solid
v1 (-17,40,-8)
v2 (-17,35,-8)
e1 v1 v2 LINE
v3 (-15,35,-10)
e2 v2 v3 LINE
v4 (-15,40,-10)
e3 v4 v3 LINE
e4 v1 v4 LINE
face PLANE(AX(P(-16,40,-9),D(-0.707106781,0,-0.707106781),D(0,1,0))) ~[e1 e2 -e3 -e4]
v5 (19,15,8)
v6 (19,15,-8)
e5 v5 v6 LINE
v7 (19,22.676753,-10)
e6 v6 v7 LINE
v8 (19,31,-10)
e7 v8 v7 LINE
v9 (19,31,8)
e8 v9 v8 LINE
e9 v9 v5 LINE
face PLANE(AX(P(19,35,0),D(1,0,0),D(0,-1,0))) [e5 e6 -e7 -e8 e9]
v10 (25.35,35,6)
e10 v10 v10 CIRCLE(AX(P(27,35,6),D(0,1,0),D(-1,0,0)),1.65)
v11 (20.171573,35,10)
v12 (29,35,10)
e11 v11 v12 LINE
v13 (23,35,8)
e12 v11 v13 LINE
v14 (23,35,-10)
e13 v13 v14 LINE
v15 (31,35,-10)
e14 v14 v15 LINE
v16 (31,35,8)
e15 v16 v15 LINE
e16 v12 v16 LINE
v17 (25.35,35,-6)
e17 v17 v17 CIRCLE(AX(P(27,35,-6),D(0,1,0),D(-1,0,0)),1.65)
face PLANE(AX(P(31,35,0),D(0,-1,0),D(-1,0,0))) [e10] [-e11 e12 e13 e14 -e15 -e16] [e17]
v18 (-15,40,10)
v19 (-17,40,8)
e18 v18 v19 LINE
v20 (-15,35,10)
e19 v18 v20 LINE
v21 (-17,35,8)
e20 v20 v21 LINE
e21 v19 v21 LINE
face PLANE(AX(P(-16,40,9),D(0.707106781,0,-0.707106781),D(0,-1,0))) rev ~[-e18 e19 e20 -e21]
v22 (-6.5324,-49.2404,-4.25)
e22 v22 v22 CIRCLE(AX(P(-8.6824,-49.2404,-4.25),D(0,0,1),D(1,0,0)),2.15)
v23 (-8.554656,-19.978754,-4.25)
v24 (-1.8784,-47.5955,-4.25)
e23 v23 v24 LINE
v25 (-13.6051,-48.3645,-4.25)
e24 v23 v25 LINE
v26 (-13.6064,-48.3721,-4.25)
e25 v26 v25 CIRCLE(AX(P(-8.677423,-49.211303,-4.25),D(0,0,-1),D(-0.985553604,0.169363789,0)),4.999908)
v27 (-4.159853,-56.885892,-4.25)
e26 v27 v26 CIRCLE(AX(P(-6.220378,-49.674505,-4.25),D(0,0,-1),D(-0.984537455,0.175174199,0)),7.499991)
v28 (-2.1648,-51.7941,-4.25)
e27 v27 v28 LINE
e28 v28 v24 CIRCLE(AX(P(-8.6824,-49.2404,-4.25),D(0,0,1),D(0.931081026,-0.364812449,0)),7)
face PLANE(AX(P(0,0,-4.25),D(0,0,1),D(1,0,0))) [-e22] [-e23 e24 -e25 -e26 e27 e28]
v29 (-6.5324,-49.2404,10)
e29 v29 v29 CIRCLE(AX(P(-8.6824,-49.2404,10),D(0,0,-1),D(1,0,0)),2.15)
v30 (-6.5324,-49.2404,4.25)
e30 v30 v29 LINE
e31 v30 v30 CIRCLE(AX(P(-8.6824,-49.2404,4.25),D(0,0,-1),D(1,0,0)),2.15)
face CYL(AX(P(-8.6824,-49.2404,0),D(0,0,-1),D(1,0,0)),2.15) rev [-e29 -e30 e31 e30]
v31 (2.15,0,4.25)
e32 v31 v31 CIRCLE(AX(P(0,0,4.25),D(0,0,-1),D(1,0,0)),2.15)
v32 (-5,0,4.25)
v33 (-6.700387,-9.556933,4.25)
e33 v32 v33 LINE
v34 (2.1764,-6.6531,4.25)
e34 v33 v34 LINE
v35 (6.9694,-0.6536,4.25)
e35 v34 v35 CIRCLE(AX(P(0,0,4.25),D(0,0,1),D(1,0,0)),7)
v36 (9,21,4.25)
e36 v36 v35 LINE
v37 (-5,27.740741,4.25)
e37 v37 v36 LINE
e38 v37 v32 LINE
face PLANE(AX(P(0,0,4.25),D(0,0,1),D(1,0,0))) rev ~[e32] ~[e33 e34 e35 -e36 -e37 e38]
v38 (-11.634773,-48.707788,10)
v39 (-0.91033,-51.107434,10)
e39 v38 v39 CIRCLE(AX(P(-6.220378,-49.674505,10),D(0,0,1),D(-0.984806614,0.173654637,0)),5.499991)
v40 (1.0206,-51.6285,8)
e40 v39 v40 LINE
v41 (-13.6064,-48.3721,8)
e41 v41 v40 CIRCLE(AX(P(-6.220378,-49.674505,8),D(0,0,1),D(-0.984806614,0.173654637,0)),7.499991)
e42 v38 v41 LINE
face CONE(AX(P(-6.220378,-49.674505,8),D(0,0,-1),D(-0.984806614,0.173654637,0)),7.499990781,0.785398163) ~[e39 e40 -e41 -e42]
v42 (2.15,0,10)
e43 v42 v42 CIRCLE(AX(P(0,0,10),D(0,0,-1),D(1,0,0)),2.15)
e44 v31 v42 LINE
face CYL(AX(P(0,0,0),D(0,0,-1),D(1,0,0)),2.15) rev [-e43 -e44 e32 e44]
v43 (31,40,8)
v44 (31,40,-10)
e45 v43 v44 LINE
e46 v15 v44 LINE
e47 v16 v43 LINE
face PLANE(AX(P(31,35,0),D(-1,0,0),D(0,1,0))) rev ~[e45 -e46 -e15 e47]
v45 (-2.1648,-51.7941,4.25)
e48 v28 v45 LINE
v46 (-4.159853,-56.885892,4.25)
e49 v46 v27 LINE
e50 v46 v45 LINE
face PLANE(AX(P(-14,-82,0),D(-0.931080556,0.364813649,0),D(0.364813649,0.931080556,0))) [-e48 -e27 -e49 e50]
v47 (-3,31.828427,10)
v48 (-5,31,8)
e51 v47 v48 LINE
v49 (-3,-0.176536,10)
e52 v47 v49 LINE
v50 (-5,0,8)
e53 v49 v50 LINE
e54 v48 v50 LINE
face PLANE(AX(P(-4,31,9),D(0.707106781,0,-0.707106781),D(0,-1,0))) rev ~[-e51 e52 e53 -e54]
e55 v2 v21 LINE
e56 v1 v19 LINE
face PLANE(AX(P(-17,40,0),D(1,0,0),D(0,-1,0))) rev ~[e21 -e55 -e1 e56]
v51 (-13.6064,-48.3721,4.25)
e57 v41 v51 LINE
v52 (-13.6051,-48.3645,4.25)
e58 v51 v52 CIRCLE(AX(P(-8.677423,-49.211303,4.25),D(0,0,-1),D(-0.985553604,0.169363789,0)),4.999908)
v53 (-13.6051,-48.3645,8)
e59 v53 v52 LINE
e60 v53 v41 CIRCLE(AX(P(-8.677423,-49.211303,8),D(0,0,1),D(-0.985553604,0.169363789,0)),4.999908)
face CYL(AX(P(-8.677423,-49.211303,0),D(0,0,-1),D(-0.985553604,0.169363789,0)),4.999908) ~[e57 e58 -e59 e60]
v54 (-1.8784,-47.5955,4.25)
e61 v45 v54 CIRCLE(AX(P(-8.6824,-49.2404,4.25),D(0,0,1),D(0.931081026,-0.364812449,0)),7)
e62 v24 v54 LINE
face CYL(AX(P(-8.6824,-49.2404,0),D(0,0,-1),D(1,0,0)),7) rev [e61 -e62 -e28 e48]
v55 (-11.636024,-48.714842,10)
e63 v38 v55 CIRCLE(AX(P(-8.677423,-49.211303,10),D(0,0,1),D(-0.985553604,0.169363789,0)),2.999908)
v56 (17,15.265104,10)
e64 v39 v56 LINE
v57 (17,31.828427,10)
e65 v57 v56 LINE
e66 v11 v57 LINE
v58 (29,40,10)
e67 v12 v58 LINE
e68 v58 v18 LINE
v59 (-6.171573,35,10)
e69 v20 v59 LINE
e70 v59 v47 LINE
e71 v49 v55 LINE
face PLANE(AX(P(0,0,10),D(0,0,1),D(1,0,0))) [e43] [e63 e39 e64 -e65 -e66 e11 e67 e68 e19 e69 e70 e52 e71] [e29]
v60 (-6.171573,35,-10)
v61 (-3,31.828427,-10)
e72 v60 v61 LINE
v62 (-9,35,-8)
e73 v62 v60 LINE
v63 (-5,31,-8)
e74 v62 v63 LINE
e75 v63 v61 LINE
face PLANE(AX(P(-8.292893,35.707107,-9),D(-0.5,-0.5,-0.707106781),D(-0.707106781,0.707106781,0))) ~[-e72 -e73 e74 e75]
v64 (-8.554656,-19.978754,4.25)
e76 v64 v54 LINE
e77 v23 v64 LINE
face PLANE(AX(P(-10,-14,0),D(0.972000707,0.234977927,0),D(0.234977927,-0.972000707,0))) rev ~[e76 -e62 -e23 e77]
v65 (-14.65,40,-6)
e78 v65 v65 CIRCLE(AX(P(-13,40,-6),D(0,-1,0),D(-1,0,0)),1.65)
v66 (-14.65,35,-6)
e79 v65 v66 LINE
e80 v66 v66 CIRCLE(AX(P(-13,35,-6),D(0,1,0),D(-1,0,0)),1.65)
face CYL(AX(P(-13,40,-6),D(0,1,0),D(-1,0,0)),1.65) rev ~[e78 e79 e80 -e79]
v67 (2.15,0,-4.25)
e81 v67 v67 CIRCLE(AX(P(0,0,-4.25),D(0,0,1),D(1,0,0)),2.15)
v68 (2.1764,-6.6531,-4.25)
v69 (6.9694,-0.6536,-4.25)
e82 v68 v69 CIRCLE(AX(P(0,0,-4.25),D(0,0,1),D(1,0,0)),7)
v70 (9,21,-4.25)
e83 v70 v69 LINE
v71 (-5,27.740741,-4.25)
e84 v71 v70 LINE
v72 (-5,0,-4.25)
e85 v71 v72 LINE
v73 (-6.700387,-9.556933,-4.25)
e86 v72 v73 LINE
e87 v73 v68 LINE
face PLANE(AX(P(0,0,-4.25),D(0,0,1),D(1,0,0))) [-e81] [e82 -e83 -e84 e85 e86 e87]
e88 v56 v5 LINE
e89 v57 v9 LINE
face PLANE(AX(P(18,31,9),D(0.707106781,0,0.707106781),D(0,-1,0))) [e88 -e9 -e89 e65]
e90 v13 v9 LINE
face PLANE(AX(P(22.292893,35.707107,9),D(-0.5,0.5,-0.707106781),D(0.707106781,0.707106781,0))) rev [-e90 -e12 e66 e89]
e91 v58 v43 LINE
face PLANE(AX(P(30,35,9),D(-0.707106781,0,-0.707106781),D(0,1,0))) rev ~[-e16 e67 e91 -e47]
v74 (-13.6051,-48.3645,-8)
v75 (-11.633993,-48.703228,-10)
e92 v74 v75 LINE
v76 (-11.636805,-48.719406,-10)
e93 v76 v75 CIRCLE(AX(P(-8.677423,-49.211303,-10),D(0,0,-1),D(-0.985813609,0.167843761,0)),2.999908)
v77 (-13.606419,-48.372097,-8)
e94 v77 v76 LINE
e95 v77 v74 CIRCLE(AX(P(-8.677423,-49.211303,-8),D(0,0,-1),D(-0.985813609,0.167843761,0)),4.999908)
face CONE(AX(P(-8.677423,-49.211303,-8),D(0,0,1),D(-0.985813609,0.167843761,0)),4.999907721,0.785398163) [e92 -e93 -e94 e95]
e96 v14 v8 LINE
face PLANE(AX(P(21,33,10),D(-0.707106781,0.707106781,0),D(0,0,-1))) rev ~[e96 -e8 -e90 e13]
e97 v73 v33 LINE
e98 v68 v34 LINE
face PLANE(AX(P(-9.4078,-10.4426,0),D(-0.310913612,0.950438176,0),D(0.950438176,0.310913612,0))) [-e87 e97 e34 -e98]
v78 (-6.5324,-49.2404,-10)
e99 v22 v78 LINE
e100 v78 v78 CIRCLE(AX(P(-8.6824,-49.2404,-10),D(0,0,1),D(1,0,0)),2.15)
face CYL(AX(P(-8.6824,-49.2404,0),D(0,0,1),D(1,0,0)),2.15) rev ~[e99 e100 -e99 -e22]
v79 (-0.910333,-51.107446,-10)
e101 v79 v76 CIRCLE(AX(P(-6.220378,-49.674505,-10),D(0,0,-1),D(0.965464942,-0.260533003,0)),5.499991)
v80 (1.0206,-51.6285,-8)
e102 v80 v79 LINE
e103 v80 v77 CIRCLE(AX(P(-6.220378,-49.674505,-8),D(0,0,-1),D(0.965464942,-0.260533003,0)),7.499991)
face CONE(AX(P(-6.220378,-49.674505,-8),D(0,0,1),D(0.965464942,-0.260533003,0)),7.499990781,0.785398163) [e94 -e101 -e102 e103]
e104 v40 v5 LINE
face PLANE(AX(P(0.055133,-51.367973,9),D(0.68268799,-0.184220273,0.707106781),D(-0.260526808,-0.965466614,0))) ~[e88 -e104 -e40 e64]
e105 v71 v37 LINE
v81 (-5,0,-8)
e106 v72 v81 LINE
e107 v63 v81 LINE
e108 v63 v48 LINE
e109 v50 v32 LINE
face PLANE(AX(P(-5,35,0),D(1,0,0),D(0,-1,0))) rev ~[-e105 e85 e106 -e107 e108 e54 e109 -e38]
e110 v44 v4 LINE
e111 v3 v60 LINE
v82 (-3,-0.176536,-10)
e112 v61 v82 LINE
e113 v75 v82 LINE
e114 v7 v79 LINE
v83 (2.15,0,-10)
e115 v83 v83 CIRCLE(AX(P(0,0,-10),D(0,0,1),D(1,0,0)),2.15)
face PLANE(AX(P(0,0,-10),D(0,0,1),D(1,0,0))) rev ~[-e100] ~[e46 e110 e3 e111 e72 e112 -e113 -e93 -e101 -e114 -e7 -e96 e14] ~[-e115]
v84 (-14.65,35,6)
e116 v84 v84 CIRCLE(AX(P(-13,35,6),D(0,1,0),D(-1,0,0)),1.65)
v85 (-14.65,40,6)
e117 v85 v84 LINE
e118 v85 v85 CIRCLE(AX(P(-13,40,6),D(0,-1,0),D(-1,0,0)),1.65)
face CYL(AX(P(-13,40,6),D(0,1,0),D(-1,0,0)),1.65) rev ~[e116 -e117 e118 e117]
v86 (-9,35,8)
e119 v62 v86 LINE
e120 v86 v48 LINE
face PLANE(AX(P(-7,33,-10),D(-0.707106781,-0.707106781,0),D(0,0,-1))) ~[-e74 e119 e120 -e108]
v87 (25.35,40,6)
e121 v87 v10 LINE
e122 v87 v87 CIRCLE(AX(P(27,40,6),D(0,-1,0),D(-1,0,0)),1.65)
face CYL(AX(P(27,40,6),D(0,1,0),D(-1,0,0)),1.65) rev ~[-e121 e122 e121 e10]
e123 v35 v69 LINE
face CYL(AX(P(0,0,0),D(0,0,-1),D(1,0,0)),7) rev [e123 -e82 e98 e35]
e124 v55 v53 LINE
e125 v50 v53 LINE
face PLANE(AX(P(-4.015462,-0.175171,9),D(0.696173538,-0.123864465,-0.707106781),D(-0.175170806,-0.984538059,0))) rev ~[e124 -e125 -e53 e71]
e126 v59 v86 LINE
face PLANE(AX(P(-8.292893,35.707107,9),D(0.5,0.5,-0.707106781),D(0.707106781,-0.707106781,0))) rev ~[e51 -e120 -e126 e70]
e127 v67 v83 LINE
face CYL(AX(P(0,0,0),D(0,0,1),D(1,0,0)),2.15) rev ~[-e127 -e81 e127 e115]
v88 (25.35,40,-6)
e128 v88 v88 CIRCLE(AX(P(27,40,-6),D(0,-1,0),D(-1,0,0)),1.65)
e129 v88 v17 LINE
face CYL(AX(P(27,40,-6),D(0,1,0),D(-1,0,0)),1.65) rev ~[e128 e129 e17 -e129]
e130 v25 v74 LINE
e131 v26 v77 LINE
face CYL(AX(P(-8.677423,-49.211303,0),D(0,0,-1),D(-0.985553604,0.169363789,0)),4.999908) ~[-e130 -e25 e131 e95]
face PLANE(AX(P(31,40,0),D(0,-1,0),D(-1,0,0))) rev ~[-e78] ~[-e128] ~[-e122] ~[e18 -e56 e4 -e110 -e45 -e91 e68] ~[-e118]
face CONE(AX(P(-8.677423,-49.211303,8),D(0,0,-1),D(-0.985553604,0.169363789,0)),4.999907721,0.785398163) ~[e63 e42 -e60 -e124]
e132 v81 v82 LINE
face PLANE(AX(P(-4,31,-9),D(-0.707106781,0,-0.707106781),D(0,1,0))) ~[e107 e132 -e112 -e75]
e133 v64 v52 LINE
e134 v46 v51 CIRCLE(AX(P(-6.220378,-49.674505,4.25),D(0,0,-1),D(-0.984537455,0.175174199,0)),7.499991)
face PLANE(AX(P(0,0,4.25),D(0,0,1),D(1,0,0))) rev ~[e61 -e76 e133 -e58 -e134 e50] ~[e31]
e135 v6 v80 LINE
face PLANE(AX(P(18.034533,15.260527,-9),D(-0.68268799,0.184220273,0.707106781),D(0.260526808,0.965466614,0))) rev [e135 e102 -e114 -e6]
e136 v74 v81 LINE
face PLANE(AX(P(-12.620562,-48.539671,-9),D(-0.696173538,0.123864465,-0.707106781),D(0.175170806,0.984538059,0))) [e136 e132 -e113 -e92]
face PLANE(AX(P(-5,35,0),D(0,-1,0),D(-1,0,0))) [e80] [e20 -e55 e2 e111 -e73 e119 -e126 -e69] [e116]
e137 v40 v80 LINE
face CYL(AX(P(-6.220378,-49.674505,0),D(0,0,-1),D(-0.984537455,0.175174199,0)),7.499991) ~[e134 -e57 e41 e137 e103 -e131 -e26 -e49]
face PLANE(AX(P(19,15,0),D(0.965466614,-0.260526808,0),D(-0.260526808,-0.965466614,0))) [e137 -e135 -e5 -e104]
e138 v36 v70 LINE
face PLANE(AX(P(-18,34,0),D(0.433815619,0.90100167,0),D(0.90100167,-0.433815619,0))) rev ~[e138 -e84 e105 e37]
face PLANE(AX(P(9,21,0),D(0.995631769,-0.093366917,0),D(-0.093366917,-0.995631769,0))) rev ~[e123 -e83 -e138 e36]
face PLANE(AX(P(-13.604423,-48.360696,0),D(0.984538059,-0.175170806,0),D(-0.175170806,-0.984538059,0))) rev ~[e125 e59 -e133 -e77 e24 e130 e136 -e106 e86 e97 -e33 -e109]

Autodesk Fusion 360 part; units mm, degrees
sketch "Sketch1" plane through (0, 0, 0) normal (0, 0, 1) x (1, 0, 0)
  line L0 (-17, 40) -> (-17, 35)
  line L1 (-5, 0) -> (-13.6051, -48.3645)
  line L2 (-5, 35) -> (-17, 35)
  line L3 (-6.5651, -49.6137) -> (-6.2204, -49.6745)
  circle A0 centre (0, 0) radius 2.15
  line L4 (23, 35) -> (19, 35)
  circle A1 centre (-8.6824, -49.2404) radius 2.15
  line L5 (19, 15) -> (1.0206, -51.6285)
  line L6 (9.1345, 0) -> (2.15, 0)
  line L7 (31, 40) -> (-17, 40)
  line L8 (19, 35) -> (19, 15)
  line L9 (31, 35) -> (31, 40)
  line L10 (5, 35) -> (-5, 35)
  line L11 (31, 35) -> (19, 35)
  line L12 (-5, 35) -> (-5, 0)
  arc A2 (-13.6051, -48.3645) -> (-13.6064, -48.3721) centre (-8.6824, -49.2404) ccw
  arc A3 (-13.6044, -48.3607) -> (1.0206, -51.6285) centre (-6.2204, -49.6745) ccw
  line L13 (-5, 0) -> (-2.15, 0)
  line L14 (2.15, 0) -> (5, 0)
  line L15 (-17, 35) -> (-5, 35)
  line L16 (19, 35) -> (31, 35)
  line L17 (-17, 35) -> (-5, 35)
  line L18 (19, 35) -> (31, 35)
  dimension "d1" = 4.3
  dimension "d2" = 48
  dimension "d4" = 5
  dimension "d5" = 4.3
  dimension "d6" = 10
  dimension "d7" = 12
  dimension "d9" = 50
  dimension "d10" = 15
  dimension "d11" = 20
extrude "Extrude1" add sketch "Sketch1" along normal mid plane 20
sketch "Sketch2" plane through (0, 40, 0) normal (0, 1, 0) x (-1, 0, 0)
  line L0 (17, -10) -> (17, 10)
  line L1 (17, 10) -> (-31, 10)
  line L2 (-31, 10) -> (-31, -10)
  line L3 (-31, -10) -> (17, -10)
  circle A0 centre (-27, -6) radius 1.65
  circle A1 centre (13, 6) radius 1.65
  line L4 (13, 6) -> (13, -6)
  line L5 (-7, 0) -> (-7, -6)
  line L6 (-7, 0) -> (-31, 0)
  line L7 (13, -6) -> (-27, -6)
  line L8 (-27, 6) -> (13, 6)
  line L9 (-7, 0) -> (-7, -10)
  line L10 (-31, -10) -> (17, -10)
  line L11 (-31, 10) -> (-31, -10)
  line L12 (-7, 0) -> (-27, 0)
  line L13 (17, -10) -> (17, 10)
  line L14 (17, 10) -> (-31, 10)
  circle A2 centre (13, -6) radius 1.65
  circle A3 centre (-27, 6) radius 1.65
  line L15 (-27, -6) -> (-27, 6)
  dimension "d15" = 40
  dimension "d16" = 12
  dimension "d17" = 3.3
  dimension "d18" = 3.3
  dimension "d19" = 3.3
  dimension "d20" = 3.3
extrude "Extrude2" cut sketch "Sketch2" against normal up to surface (5 mm away) contours A0 L7 L15 | A0 L7 L15 | L4 L7 A2 | L4 L7 A2 | L8 A3 L15 | L8 A3 L15 | A1 L4 L8 | A1 L4 L8
chamfer "Chamfer1" distance 4 angle 45 2 edges at (-5, 35, 0) (19, 35, 0)
chamfer "Chamfer2" distance 2 angle 45 15 edges at (-7, 33, -10) (-17, 37.5, -10) (-5, 15.5, -10) (-9.3022, -24.1804, -10) (10.0103, -18.3142, -10) (-7.8558, -56.994, -10) (-5, 15.5, 10) (-9.3022, -24.1804, 10) (-7.8558, -56.994, 10) (10.0103, -18.3142, 10) (-7, 33, 10) (-17, 37.5, 10) (31, 37.5, 10) (21, 33, 10) (19, 23, 10)
sketch "Sketch3" plane through (0, 0, 0) normal (0, 0, 1) x (1, 0, 0)
  line L0 (-14, -82) -> (-2.1648, -51.7941)
  circle A0 centre (-8.6824, -49.2404) radius 7
  line L1 (-14, -82) -> (-60, -70)
  line L2 (9, 21) -> (6.9694, -0.6536)
  line L3 (-60, -70) -> (-51.4576, 32.3922)
  line L4 (-18, 34) -> (9, 21)
  line L5 (-9.4078, -10.4426) -> (2.1764, -6.6531)
  line L6 (-51.4576, 32.3922) -> (-18, 34)
  circle A1 centre (0, 0) radius 7
  line L7 (-10, -14) -> (-1.8784, -47.5955)
  line L8 (-9.4078, -10.4426) -> (-10, -14)
  circle A2 centre (0, 0) radius 2.15
  circle A3 centre (-8.6824, -49.2404) radius 2.15
  dimension "d25" = 14
  dimension "d26" = 14
extrude "Extrude3" cut sketch "Sketch3" along normal mid plane 8.5
